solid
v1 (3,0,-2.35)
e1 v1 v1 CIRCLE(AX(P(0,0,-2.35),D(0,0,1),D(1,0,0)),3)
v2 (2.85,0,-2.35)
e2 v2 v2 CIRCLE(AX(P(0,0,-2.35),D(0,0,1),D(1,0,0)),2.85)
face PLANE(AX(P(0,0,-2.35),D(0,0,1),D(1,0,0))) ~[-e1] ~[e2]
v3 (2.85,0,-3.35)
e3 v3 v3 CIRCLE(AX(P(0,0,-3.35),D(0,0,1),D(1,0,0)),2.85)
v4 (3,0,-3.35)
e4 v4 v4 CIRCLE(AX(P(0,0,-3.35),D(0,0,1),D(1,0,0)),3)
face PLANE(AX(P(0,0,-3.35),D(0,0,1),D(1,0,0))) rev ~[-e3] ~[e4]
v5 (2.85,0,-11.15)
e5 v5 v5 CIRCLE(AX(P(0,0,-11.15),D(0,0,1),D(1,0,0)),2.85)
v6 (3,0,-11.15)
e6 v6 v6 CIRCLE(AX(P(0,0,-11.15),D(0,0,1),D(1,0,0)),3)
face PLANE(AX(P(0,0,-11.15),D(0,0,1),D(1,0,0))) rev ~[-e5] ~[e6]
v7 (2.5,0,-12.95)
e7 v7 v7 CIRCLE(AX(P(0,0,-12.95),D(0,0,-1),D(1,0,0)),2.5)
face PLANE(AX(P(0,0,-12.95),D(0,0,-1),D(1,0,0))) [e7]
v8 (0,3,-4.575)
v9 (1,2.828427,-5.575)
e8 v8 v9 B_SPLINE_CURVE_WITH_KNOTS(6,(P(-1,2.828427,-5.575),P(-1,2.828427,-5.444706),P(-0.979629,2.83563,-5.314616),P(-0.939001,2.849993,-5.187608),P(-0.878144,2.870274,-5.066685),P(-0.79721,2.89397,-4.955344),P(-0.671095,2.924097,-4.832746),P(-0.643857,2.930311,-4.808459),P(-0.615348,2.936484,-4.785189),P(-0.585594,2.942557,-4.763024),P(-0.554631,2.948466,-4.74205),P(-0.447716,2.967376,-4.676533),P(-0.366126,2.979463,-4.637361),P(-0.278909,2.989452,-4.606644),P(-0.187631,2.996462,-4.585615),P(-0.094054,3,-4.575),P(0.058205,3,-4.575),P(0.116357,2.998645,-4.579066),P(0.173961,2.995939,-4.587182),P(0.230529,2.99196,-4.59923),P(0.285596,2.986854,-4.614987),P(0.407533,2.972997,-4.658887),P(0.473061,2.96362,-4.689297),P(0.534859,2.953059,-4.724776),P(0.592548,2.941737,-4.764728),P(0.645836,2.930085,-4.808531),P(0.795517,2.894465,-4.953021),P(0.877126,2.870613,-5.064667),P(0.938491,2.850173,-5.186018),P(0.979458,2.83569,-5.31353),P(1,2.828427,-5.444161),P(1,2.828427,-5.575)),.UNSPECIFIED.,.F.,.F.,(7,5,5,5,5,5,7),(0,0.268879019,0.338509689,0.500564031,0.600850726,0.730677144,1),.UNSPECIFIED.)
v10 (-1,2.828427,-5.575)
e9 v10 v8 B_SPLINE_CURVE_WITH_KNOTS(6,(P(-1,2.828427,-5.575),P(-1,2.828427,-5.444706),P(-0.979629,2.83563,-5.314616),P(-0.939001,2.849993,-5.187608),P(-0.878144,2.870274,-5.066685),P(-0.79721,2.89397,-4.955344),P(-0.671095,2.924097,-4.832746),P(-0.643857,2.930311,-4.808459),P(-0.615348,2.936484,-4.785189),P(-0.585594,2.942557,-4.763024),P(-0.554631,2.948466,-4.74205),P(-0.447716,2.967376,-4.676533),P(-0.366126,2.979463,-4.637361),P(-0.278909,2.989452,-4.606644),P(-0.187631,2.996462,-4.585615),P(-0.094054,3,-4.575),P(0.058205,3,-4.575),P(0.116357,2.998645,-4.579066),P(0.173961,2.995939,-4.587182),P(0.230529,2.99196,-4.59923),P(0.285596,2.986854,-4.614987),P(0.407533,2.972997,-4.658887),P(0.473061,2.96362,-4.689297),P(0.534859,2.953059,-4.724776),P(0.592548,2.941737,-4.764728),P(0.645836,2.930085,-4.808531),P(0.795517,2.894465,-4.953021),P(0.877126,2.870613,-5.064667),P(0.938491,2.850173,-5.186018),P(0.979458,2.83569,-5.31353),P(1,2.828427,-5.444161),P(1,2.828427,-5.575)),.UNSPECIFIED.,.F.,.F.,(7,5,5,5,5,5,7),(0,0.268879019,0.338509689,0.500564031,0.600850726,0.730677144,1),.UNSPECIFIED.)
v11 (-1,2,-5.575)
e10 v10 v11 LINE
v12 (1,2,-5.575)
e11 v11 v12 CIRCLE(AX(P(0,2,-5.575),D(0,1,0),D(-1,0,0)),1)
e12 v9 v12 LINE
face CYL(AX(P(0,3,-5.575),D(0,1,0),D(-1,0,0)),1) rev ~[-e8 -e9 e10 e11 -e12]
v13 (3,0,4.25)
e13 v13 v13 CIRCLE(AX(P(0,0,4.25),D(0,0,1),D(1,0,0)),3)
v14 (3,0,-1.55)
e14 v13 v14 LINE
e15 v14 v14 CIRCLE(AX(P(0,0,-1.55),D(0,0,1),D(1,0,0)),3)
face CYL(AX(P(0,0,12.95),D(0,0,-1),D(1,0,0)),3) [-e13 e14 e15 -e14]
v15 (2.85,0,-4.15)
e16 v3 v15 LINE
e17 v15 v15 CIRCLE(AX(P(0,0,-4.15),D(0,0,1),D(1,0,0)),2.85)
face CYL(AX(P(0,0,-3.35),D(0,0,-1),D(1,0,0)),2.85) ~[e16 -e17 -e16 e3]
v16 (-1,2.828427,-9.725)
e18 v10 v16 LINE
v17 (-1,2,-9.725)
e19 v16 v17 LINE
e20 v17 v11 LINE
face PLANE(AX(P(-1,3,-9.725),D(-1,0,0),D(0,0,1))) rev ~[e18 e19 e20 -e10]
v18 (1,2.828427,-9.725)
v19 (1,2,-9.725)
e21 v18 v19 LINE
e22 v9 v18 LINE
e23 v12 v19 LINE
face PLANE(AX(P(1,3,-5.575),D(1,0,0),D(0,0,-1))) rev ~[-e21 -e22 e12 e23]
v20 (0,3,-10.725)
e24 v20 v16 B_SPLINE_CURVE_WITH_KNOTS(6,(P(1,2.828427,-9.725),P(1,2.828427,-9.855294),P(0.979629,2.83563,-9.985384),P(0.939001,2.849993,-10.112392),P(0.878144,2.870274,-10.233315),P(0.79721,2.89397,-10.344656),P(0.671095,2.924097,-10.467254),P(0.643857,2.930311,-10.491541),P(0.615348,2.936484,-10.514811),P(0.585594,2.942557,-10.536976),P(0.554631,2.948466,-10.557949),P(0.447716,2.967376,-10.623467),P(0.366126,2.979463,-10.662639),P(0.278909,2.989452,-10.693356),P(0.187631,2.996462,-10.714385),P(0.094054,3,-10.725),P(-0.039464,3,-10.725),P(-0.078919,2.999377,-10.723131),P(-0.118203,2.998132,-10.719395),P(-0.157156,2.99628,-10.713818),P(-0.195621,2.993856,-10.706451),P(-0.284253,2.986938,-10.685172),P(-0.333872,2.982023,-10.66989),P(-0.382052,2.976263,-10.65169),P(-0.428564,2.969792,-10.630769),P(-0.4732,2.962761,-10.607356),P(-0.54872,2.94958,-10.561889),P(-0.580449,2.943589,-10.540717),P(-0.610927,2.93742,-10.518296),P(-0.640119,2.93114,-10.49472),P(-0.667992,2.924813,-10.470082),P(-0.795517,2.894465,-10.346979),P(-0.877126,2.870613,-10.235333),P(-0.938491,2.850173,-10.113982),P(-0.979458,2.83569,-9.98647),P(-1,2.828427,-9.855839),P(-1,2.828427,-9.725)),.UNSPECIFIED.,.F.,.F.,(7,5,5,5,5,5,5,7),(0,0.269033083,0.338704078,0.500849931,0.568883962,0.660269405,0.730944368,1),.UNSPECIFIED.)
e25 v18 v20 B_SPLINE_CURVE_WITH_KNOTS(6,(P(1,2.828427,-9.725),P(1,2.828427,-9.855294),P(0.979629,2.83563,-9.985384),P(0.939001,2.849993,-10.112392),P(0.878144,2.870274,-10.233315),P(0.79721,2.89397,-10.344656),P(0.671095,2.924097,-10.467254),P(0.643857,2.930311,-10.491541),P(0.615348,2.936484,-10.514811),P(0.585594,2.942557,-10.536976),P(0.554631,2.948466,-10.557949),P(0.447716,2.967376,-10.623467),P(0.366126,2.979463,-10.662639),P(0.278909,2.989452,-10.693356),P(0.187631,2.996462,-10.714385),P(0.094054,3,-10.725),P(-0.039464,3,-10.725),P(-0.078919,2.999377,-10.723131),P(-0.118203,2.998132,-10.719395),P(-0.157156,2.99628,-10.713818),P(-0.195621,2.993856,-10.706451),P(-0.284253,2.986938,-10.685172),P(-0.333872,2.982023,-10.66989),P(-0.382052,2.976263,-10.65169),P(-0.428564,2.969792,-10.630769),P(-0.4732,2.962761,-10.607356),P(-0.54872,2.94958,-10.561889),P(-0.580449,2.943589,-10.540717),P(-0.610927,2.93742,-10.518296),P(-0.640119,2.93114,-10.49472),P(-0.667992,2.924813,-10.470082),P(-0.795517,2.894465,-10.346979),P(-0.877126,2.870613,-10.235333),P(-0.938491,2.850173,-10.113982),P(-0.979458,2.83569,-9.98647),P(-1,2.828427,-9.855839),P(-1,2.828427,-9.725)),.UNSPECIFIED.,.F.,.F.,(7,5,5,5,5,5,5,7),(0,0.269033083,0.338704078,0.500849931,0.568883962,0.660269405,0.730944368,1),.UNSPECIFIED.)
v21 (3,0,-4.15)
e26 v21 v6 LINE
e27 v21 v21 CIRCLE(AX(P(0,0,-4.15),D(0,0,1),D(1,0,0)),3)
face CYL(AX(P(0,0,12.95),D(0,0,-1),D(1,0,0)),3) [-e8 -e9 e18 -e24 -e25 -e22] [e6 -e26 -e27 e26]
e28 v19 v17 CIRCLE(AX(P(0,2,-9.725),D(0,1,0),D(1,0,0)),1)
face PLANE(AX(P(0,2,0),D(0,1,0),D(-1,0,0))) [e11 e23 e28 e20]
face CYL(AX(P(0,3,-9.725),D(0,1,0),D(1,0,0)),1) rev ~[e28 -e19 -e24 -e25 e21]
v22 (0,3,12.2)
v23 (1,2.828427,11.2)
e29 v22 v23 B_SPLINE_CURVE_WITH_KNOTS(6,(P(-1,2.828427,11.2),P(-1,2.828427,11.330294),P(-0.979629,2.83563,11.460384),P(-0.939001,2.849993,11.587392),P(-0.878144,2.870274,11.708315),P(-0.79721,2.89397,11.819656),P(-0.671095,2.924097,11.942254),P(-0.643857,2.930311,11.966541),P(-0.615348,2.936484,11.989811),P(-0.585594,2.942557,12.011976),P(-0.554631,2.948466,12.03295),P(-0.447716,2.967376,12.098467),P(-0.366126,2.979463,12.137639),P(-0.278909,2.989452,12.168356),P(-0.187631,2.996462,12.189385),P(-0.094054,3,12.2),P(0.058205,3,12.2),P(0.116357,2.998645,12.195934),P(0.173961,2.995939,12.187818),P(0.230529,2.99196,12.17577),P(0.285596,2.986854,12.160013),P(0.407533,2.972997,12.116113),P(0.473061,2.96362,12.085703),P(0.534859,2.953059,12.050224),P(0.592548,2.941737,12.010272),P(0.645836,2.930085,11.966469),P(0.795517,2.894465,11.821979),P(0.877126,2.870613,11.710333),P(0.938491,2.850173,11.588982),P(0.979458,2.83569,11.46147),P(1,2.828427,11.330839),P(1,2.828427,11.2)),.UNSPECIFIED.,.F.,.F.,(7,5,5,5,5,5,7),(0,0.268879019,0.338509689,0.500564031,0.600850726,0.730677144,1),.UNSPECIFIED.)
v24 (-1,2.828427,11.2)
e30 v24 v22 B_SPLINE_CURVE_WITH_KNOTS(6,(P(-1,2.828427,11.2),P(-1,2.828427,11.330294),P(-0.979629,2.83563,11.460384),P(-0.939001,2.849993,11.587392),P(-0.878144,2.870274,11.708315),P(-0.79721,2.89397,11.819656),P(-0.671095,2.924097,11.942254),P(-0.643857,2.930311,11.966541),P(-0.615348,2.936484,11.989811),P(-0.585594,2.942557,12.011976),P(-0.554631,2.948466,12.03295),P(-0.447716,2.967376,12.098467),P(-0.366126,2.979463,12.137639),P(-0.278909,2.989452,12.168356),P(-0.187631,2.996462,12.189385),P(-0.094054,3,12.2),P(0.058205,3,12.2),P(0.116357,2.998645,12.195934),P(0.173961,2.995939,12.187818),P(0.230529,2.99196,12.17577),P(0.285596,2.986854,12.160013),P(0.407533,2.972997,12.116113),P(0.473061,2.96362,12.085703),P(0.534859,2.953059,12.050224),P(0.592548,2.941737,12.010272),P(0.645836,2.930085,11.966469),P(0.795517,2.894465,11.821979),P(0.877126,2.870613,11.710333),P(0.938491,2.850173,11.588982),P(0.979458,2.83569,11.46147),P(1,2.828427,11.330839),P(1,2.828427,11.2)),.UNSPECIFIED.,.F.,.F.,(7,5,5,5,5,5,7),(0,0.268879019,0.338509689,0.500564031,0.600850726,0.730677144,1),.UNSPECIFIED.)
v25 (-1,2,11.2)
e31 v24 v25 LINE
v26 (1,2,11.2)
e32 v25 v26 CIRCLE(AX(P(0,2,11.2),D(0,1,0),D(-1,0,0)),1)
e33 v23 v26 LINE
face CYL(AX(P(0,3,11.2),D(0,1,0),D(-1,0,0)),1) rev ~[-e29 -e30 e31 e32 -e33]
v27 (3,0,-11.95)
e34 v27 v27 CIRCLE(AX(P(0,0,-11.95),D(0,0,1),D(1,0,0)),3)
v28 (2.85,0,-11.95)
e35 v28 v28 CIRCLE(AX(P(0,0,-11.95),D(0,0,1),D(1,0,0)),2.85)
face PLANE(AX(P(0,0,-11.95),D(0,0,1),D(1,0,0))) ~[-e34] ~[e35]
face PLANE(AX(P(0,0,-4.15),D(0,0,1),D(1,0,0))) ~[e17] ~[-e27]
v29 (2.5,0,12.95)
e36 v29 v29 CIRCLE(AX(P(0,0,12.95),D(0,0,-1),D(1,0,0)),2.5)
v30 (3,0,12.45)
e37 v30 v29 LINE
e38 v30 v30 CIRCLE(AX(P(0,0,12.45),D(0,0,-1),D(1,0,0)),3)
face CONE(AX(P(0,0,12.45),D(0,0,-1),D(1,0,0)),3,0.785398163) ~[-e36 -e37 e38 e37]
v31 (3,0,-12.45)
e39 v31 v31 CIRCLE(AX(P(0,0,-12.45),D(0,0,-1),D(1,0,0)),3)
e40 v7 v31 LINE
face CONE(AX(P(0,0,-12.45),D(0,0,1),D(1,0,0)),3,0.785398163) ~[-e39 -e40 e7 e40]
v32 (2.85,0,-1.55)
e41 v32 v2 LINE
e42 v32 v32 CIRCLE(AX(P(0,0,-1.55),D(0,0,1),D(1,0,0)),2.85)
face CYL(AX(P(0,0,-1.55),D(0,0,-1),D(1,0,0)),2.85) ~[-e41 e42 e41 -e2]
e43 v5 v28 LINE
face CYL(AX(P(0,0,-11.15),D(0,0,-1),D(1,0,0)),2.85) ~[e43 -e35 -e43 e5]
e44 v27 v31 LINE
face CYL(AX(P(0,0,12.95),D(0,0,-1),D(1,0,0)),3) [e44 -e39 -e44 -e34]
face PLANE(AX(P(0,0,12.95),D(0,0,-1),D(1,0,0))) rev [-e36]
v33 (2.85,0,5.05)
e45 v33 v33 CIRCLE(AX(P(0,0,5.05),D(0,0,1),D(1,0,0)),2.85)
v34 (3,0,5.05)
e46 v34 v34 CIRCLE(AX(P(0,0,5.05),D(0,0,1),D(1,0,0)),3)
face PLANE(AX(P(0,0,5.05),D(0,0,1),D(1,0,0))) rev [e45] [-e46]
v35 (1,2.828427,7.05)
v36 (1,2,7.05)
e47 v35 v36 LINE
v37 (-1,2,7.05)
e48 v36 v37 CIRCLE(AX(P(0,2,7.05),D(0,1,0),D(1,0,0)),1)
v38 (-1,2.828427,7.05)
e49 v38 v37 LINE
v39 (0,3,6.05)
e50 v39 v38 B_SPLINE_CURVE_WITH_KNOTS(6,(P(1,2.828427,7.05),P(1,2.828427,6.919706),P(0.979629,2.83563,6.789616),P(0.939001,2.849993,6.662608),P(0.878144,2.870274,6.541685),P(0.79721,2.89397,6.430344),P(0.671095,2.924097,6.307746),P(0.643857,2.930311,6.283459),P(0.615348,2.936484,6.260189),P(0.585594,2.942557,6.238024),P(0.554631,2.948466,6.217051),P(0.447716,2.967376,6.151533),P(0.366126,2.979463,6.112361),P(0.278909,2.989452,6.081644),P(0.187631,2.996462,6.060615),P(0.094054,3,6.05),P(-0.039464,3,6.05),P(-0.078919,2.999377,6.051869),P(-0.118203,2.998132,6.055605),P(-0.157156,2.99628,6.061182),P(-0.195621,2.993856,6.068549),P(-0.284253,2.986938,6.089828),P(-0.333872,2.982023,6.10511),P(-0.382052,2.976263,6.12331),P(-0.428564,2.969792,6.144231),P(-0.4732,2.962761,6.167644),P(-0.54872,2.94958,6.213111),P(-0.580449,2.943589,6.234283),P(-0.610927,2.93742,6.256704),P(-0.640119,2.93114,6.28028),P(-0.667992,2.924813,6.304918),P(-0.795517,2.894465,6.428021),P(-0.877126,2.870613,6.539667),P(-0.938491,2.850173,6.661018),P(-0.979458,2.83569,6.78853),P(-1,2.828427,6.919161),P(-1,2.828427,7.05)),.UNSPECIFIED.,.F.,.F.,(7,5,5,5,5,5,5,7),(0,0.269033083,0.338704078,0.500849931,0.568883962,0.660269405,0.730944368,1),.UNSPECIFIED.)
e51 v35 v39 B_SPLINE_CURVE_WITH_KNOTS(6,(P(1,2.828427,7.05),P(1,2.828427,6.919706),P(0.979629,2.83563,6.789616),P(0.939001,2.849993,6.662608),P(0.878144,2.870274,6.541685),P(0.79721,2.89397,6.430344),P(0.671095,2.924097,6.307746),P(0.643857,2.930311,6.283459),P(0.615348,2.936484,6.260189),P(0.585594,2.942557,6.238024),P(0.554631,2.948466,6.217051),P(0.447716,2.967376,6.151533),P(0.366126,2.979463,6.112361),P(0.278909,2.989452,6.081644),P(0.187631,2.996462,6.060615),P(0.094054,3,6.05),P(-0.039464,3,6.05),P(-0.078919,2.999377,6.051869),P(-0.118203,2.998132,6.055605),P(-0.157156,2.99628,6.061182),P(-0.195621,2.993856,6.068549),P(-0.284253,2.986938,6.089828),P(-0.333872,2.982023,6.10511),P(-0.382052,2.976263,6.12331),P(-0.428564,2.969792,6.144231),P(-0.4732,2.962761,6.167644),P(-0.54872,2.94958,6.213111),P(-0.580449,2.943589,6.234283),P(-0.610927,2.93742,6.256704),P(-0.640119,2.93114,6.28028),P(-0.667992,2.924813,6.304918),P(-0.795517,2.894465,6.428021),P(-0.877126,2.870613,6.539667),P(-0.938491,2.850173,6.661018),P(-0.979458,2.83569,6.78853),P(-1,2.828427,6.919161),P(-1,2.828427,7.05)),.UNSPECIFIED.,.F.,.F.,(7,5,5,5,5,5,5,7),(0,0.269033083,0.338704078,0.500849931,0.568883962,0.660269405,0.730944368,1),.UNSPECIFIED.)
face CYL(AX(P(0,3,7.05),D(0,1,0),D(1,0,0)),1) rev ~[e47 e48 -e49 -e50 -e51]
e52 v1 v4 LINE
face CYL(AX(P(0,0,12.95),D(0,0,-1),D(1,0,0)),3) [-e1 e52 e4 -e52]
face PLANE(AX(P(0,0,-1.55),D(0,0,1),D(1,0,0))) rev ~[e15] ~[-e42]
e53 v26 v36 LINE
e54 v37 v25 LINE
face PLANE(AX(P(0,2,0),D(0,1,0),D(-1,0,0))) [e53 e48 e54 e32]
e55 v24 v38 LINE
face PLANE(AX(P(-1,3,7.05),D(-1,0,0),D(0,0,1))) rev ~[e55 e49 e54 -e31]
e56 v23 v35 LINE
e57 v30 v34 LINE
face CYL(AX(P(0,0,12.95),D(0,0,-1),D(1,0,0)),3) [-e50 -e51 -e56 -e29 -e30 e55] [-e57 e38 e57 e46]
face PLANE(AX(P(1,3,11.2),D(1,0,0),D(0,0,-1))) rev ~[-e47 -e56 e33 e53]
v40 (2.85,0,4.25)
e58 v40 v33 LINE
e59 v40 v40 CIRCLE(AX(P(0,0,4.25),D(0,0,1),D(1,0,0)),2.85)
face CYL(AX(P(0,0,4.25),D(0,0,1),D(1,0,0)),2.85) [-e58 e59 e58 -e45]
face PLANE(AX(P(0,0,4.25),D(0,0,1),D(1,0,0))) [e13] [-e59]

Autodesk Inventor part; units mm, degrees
ref_plane "YZ Plane" through (0, 0, 0) normal (1, 0, 0) x (0, 1, 0)
ref_plane "XY Plane" through (0, 0, 0) normal (0, 0, 1) x (1, 0, 0)
sketch "Sketch1" plane through (0, 0, 0) normal (0, 1, 0) x (-1, 0, 0)
  line L0 (0, -18.13) -> (0, 18.13) construction
  line L1 (-3.6, 0) -> (0.6, 0) construction
  line L2 (0, 12.95) -> (-3, 12.95)
  line L3 (-3, 12.95) -> (-3, -12.95)
  line L4 (-3, -12.95) -> (0, -12.95)
  line L5 (0, 12.95) -> (0, -12.95)
  point P0 (0, 0)
  dimension "d0" = 3
  dimension "d1" = 25.9
revolve "Revolution1" add sketch "Sketch1" angle 360 about axis through (0, 0, 12.95) along (0, 0, -1)
sketch "Sketch2" plane through (0, 0, 0) normal (0, 1, 0) x (-1, 0, 0)
  line L0 (0, -18.2) -> (0, 18.2) construction
  line L1 (-4.2, 0) -> (4.2, 0) construction
  line L2 (-3, 12.95) -> (-3, 12.95)
  line L3 (-3, 4.25) -> (-2.85, 4.25)
  line L4 (-2.85, 4.25) -> (-2.85, 5.05)
  line L5 (-2.85, 5.05) -> (-3, 5.05)
  line L6 (-3, 5.05) -> (-3, 4.25)
  line L7 (-3, 4.25) -> (-3, 5.05)
  line L8 (-3, -12.95) -> (-3, 12.95) projected
  line L9 (3, 12.95) -> (-3, 12.95) projected
  line L10 (-3, -1.55) -> (-2.85, -1.55)
  line L11 (-2.85, -1.55) -> (-2.85, -2.35)
  line L12 (-2.85, -2.35) -> (-3, -2.35)
  line L13 (-3, -2.35) -> (-3, -1.55)
  line L14 (-3, -3.35) -> (-2.85, -3.35)
  line L15 (-2.85, -3.35) -> (-2.85, -4.15)
  line L16 (-2.85, -4.15) -> (-3, -4.15)
  line L17 (-3, -4.15) -> (-3, -3.35)
  line L18 (-3, -11.15) -> (-2.85, -11.15)
  line L19 (-2.85, -11.15) -> (-2.85, -11.95)
  line L20 (-2.85, -11.95) -> (-3, -11.95)
  line L21 (-3, -11.95) -> (-3, -11.15)
  line L22 (3, -12.95) -> (-3, -12.95) projected
  point P0 (-3, -2.35)
  point P1 (-3, -4.15)
  point P2 (-3, -11.95)
  dimension "d34" = 0.8
  dimension "d35" = 2.85
  dimension "d57" = 5.8
  dimension "d58" = 7
  dimension "d59" = 1
  dimension "d63" = 1
revolve "Revolution2" cut sketch "Sketch2" angle 360 about axis through (0, 0, 0) along (0, 0, 1)
ref_plane "Work Plane2" through (0, 3, 0) normal (0, 1, 0) x (-1, 0, 0)
sketch "Sketch4" plane through (0, 3, 0) normal (0, 1, 0) x (-1, 0, 0)
  line L0 (0, -26.0074) -> (0, 32.7926) construction
  line L1 (1, -9.725) -> (1, -5.575)
  line L2 (-1, -5.575) -> (-1, -9.725)
  arc A0 (-1, -9.725) -> (1, -9.725) centre (0, -9.725) ccw
  arc A1 (1, -5.575) -> (-1, -5.575) centre (0, -5.575) ccw
  line L3 (3, -12.95) -> (-3, -12.95) projected
  line L4 (-1, -7.65) -> (1, -7.65) construction
  line L5 (-3, -4.15) -> (3, -4.15) construction
  line L6 (3, -11.15) -> (-3, -11.15) construction
  line L7 (0, -17.6074) -> (0, 24.3926) construction
  line L8 (1, 7.05) -> (1, 11.2)
  line L9 (-1, 11.2) -> (-1, 7.05)
  arc A2 (-1, 7.05) -> (1, 7.05) centre (0, 7.05) ccw
  arc A3 (1, 11.2) -> (-1, 11.2) centre (0, 11.2) ccw
  line L10 (3, 12.95) -> (-3, 12.95) projected
  point P0 (0, 0)
  point P1 (1, 1)
  point P2 (0, 24.3926)
  dimension "d49" = 6.15
  dimension "d50" = 1
  dimension "d60" = 3.5
  dimension "d61" = 3.5
  dimension "d64" = 6.15
  dimension "d65" = 1
  dimension "d66" = 1.75
extrude "Extrusion2" cut sketch "Sketch4" against normal blind 1
chamfer "Chamfer3" distance 0.5 angle 45 2 edges at (-3, 0, -12.95) (-3, 0, 12.95)
equation "\"module\" = 1"
equation "\"pressure_ang\" = 30deg"
equation "\"pitch\" = 3.1416 * module"
equation "\"addendum\" = 0.45 * module"
equation "\"dedendum\" = 0.65 * module"
equation "\"tooth_depth\" = addendum + dedendum"
equation "\"addendum_mod_shaft\" = 0.45 * module"
equation "\"root_fillet_r\" = 0.16 * module"
equation "\"addendum_mod_hub\" = -addendum_mod_shaft"
equation "\"nom_space_t_hub\" = nom_tooth_t_shaft"
equation "\"nom_tooth_t_shaft\" = 2.090415"
properties part number "Shaft_stage_input" material "Steel"
